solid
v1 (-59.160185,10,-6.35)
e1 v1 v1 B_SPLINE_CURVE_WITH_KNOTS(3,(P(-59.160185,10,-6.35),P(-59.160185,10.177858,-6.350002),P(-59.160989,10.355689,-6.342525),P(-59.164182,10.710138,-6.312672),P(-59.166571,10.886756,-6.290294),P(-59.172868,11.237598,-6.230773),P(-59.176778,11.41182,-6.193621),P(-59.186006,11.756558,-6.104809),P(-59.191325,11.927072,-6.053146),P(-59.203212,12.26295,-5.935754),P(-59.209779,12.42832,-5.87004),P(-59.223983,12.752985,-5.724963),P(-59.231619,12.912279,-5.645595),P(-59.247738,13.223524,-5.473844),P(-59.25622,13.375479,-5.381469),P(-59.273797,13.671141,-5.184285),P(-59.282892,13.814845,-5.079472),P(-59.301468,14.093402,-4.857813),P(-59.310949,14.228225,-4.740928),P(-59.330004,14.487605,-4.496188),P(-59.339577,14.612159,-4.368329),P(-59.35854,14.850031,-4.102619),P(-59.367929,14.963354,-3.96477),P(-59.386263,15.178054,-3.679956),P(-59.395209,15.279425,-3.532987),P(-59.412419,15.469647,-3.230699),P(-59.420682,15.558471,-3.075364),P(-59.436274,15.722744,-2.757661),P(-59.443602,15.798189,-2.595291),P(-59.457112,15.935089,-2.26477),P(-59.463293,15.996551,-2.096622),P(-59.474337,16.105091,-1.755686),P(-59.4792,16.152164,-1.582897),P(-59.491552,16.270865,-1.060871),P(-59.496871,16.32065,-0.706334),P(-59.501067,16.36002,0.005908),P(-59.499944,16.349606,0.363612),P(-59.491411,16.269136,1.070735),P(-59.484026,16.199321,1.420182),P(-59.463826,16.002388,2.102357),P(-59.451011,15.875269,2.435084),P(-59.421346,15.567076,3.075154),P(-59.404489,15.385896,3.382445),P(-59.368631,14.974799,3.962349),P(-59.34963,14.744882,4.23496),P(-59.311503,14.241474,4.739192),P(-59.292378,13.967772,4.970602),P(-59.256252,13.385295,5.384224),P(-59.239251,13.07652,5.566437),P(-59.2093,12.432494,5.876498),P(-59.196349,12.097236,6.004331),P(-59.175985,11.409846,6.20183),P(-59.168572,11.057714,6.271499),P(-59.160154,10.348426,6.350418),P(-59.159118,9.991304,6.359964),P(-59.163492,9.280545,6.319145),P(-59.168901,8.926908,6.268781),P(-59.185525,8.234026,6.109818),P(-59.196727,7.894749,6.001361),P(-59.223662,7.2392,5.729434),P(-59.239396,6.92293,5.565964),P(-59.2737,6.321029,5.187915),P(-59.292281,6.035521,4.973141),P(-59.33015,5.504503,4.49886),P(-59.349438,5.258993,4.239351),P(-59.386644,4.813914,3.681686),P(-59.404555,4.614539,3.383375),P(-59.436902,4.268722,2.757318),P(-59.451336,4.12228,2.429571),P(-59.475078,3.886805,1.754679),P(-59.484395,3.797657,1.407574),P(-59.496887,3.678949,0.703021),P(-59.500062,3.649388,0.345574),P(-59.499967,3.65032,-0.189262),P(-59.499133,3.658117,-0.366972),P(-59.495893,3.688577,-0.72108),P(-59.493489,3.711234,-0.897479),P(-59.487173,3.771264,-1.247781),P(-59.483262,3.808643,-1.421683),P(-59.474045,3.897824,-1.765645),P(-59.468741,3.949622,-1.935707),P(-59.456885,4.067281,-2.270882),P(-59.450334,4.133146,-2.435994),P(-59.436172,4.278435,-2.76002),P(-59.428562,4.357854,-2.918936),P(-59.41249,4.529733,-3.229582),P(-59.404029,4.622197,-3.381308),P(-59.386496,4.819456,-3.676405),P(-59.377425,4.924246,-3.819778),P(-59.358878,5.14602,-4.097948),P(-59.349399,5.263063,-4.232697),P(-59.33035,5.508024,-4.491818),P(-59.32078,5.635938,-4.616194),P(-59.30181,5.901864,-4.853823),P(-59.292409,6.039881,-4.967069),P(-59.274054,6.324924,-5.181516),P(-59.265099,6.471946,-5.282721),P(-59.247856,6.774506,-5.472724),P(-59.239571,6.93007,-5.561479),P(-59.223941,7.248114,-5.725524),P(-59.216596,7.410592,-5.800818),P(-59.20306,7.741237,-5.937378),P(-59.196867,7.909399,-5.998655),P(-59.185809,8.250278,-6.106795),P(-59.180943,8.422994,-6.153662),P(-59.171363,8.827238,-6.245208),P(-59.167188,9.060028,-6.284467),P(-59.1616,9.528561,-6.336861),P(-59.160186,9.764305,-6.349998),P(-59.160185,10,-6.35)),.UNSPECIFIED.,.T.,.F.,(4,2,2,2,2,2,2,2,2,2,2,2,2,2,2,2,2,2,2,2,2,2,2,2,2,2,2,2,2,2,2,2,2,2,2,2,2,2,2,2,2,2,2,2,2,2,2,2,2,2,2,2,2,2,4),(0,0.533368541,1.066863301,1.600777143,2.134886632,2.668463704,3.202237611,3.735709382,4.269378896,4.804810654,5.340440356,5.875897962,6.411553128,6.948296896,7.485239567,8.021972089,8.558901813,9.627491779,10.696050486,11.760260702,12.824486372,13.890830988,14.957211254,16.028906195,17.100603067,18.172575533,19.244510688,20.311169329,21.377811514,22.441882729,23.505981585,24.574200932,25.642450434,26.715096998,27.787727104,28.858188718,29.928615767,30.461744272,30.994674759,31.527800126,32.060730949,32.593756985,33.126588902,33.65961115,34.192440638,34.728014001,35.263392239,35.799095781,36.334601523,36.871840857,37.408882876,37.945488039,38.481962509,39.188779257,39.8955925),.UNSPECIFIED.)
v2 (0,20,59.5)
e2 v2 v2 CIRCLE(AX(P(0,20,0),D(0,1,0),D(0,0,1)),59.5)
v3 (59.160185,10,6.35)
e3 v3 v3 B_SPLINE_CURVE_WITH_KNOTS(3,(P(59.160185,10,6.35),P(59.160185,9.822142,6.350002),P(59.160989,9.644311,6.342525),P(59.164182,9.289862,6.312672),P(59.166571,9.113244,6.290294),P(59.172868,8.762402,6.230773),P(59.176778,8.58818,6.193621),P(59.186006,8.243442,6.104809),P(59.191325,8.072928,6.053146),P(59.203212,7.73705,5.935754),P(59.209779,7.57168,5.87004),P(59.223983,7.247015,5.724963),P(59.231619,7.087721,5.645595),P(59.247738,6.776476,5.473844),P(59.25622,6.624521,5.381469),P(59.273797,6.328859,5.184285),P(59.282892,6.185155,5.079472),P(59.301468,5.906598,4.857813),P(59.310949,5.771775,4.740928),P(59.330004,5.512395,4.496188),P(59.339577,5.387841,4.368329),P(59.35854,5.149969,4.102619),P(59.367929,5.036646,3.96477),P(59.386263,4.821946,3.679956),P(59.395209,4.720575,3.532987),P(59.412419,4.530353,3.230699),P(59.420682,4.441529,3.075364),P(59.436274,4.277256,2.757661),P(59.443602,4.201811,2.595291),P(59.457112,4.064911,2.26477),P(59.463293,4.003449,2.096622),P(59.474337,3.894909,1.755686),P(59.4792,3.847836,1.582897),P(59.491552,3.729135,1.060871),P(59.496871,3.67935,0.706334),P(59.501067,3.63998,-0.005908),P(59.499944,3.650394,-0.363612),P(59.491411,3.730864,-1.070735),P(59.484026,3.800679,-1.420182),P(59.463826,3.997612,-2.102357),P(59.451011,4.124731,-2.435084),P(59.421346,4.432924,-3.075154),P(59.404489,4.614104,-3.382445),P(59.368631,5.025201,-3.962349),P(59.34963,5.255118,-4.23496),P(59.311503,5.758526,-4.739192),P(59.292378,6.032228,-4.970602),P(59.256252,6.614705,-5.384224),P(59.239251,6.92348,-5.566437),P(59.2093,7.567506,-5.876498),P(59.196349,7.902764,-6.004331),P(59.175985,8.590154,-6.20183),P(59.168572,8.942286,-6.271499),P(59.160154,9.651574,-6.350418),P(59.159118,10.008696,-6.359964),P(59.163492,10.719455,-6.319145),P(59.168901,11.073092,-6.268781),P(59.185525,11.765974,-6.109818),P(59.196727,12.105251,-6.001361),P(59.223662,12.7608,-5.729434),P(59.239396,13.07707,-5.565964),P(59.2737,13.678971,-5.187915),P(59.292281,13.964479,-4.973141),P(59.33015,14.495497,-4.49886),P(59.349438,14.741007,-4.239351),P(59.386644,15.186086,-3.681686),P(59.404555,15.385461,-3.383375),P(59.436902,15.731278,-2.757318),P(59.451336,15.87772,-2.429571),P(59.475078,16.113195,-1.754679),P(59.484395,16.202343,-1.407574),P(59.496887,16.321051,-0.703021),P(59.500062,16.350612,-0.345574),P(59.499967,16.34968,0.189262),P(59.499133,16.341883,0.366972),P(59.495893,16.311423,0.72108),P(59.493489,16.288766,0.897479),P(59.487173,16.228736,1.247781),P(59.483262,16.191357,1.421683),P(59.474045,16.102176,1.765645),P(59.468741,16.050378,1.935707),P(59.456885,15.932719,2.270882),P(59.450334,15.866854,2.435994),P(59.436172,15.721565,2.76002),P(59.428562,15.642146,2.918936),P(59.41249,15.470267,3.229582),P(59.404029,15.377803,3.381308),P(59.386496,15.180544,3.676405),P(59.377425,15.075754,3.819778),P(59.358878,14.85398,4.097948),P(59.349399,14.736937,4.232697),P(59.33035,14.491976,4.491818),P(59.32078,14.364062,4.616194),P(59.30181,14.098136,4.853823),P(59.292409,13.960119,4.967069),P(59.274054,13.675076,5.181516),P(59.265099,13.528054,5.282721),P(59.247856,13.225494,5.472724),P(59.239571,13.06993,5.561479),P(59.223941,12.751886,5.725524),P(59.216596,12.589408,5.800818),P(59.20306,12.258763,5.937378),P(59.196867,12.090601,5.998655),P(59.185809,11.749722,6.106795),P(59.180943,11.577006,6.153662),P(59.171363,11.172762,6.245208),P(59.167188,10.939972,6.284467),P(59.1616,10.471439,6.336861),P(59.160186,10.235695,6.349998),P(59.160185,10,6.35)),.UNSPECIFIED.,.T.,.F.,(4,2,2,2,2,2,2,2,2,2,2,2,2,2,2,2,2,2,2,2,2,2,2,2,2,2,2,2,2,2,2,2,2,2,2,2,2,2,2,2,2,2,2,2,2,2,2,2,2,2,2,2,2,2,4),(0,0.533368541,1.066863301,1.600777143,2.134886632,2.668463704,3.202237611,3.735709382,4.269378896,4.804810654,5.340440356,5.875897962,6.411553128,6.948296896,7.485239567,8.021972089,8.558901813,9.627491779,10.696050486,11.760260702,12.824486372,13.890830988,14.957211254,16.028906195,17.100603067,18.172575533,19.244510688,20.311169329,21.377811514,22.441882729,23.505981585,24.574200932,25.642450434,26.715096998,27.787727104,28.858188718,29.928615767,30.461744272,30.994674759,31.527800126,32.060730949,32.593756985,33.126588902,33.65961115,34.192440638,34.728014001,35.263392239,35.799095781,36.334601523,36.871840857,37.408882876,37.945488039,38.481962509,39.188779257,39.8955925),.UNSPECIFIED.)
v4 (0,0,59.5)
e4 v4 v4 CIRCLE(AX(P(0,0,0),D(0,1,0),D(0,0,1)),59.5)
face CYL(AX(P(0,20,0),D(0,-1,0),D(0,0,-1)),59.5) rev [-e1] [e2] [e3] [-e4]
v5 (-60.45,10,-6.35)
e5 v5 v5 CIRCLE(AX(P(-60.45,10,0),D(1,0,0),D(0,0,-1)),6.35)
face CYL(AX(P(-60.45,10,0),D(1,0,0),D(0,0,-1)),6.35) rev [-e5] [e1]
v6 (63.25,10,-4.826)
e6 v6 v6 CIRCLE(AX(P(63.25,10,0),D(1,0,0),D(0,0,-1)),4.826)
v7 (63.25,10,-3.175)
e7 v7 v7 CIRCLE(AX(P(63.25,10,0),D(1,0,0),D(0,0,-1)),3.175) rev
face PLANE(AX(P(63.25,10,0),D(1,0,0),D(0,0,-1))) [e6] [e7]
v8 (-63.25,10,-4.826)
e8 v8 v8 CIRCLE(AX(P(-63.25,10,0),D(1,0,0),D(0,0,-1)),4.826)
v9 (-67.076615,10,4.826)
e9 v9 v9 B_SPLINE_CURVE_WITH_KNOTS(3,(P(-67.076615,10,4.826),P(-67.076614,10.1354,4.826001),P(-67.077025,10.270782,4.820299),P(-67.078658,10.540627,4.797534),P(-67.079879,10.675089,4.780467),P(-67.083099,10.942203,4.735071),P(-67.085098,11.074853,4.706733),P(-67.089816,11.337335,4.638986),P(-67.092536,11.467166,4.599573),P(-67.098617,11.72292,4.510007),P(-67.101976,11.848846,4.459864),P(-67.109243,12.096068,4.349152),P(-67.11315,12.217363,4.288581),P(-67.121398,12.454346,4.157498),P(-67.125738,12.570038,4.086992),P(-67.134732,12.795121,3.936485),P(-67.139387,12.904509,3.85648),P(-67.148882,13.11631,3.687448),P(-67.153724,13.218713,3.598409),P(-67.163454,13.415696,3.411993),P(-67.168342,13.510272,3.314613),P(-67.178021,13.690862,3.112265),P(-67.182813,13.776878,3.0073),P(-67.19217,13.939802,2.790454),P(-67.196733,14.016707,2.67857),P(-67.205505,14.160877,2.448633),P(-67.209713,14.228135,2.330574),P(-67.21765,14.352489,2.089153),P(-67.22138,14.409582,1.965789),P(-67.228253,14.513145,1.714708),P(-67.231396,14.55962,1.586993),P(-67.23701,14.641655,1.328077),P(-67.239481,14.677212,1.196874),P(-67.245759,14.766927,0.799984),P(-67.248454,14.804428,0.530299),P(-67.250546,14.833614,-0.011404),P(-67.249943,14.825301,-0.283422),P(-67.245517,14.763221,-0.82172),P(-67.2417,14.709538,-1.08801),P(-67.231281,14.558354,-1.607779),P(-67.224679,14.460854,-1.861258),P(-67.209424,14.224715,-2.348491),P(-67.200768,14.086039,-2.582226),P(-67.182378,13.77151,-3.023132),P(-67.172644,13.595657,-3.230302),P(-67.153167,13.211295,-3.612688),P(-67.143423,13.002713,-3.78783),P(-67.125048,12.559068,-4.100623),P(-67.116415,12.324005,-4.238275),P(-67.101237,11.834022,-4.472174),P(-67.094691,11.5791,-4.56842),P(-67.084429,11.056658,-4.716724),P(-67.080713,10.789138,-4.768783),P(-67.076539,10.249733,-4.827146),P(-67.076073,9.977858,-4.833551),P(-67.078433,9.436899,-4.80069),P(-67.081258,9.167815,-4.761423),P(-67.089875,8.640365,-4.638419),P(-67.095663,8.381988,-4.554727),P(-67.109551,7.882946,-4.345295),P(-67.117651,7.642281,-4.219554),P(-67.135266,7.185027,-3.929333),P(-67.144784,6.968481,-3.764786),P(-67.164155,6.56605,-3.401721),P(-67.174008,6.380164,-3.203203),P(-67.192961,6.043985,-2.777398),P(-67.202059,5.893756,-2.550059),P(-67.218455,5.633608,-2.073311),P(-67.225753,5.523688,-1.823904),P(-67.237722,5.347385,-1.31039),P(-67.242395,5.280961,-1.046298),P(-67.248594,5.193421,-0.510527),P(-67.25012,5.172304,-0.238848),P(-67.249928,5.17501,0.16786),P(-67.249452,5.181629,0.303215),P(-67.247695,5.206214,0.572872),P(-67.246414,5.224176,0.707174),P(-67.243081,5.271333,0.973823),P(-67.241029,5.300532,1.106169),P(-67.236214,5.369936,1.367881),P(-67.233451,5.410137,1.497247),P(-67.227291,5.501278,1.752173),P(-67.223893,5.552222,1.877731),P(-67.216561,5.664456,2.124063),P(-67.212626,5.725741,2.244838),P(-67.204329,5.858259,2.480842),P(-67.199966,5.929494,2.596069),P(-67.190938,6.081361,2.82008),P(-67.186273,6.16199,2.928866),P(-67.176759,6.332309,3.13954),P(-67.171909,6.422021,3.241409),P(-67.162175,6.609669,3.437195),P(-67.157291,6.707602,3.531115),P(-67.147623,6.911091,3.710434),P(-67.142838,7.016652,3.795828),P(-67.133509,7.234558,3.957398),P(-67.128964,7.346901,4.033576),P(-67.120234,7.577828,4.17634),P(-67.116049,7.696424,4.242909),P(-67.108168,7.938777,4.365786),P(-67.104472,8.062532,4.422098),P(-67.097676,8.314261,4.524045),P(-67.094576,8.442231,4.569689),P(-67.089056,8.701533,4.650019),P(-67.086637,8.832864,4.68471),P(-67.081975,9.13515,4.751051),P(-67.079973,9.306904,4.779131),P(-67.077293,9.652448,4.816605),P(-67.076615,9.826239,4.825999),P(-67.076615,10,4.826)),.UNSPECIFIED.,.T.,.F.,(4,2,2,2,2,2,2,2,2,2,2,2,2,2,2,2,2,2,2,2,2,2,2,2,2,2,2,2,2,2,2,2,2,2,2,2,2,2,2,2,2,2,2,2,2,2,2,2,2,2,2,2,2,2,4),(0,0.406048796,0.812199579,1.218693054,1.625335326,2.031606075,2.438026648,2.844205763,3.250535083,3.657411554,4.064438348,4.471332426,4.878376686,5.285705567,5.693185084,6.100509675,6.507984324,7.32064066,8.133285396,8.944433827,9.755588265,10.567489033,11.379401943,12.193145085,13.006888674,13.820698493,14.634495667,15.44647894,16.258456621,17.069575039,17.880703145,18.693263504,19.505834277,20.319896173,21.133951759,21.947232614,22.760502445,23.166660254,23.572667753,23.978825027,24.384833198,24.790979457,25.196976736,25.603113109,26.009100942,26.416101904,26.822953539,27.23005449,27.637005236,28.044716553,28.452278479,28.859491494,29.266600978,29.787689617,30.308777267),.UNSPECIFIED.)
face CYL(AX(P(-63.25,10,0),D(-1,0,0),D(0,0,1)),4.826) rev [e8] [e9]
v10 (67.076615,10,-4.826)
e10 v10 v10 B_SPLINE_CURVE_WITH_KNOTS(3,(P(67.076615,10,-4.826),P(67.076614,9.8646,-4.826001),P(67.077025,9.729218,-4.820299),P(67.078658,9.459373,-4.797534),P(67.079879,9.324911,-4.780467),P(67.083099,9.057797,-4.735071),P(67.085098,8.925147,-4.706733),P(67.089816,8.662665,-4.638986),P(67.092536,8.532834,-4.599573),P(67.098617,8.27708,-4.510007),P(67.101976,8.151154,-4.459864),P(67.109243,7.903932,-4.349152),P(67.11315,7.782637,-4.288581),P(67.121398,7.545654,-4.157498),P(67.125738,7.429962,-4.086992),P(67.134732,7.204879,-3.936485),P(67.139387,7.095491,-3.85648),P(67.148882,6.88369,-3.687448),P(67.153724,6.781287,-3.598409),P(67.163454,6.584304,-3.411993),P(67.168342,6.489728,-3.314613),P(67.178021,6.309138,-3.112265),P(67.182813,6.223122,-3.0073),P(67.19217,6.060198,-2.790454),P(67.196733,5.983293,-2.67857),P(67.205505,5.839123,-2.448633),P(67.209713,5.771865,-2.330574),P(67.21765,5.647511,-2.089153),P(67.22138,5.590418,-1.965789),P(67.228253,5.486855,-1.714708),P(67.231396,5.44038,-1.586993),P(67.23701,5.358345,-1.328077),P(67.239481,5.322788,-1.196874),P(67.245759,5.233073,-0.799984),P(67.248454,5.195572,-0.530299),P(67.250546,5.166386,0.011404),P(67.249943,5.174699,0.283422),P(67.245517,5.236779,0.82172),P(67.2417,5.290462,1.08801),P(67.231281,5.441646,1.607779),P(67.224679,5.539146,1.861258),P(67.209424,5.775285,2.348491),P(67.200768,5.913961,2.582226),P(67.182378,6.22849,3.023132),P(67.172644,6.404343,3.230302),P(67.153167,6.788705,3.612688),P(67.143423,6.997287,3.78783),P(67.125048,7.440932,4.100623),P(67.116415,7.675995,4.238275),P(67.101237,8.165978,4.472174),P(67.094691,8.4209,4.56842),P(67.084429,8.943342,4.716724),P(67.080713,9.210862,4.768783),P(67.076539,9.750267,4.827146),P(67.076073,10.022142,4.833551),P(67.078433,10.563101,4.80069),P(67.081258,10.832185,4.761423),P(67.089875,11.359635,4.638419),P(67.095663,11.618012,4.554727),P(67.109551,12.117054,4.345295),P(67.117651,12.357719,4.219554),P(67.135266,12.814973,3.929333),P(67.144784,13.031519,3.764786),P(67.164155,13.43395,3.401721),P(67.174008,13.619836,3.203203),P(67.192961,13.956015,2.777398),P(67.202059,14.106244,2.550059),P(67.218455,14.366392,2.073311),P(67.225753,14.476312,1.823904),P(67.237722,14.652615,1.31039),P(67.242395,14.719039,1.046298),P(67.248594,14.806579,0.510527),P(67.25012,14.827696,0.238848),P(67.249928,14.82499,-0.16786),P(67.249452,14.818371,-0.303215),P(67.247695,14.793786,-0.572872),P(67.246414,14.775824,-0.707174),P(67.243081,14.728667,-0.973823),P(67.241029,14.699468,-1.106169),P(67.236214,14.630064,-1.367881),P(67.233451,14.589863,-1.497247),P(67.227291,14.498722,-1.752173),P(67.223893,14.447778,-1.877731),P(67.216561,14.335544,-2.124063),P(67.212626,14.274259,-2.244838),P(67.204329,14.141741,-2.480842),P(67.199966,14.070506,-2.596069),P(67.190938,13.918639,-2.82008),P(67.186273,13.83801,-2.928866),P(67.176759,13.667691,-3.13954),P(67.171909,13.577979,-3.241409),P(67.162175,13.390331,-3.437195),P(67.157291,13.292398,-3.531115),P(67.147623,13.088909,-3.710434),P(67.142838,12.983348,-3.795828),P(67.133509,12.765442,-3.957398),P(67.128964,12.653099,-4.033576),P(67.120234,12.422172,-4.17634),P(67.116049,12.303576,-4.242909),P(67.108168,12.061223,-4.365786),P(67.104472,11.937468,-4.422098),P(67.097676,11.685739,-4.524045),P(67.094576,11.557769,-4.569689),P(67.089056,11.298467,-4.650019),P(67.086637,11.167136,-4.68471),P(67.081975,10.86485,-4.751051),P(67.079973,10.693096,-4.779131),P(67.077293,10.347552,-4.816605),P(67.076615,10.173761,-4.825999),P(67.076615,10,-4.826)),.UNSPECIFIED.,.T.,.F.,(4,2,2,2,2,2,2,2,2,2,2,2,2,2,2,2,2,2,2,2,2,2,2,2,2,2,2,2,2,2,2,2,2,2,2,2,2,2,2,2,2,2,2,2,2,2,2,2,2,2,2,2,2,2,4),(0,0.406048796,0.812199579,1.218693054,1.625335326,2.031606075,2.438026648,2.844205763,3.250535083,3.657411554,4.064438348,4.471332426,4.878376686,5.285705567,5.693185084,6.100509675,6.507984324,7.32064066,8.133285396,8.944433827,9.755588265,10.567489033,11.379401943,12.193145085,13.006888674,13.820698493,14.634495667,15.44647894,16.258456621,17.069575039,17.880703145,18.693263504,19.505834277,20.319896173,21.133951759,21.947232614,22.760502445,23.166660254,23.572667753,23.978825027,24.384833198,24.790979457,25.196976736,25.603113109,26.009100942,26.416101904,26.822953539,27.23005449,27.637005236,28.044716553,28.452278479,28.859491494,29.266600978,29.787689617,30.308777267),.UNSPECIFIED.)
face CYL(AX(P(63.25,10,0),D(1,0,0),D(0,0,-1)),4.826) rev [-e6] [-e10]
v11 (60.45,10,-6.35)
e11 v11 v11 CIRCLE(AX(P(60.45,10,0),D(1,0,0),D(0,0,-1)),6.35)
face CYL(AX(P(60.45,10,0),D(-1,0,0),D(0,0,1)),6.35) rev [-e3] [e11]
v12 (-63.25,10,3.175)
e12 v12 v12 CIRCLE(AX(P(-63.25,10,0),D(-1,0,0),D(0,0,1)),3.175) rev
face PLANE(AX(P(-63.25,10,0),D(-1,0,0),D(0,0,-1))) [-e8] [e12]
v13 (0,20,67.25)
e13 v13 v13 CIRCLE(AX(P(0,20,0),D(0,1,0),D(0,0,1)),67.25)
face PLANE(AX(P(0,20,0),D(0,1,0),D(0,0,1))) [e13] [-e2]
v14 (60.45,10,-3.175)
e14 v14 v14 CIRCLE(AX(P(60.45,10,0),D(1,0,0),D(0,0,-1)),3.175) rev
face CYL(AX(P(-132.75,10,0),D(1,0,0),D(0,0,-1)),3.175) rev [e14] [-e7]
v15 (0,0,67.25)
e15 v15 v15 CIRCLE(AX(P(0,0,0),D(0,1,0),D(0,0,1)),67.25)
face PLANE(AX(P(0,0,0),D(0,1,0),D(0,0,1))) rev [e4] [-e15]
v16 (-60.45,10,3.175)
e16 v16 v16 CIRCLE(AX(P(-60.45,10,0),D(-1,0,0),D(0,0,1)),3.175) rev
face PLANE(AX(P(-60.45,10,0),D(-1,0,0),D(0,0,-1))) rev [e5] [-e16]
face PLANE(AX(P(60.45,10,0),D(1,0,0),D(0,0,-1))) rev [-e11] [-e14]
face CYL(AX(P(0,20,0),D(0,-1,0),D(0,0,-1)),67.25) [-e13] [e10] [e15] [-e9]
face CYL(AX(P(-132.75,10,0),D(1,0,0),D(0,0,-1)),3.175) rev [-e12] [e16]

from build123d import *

# Parameters (mm, degrees)
SKETCH1_R           = 67.25
SKETCH1_R_2         = 59.5
BOSS_EXTRUDE1_DEPTH = 20
SKETCH4_R           = 3.175
CUT_EXTRUDE2_DEPTH  = 200
SKETCH5_R           = 4.826
CUT_EXTRUDE3_DEPTH  = 4
SKETCH6_R           = 6.35
CUT_EXTRUDE4_DEPTH  = 1


with BuildPart() as part:
    # Sketch1 → Boss-Extrude1 (new body)
    with BuildSketch(Plane(origin=(0, 0, 0), x_dir=(1, 0, 0), z_dir=(0, 1, 0))):
        Circle(SKETCH1_R)
        Circle(SKETCH1_R_2, mode=Mode.SUBTRACT)
    extrude(amount=BOSS_EXTRUDE1_DEPTH)

    # Sketch4 → Cut-Extrude2 (cut)
    with BuildSketch(Plane(origin=(67.25, 0, 0), x_dir=(0, 0, -1), z_dir=(1, 0, 0))):
        with Locations((0, 10)):
            Circle(SKETCH4_R)
    extrude(amount=-CUT_EXTRUDE2_DEPTH, mode=Mode.SUBTRACT)

    # Sketch5 → Cut-Extrude3 (cut)
    with BuildSketch(Plane(origin=(67.25, 0, 0), x_dir=(0, 0, -1), z_dir=(1, 0, 0))):
        with Locations((0, 10)):
            Circle(SKETCH5_R)
    cut_extrude3 = extrude(amount=-CUT_EXTRUDE3_DEPTH, mode=Mode.SUBTRACT)

    # Mirror1: Cut-Extrude3 across plane
    add(cut_extrude3.mirror(Plane(origin=(0, 0, 0), x_dir=(0, 0, 1), z_dir=(1, 0, 0))), mode=Mode.SUBTRACT)

    # Sketch6 → Cut-Extrude4 (cut, symmetric)
    with BuildSketch(Plane(origin=(59.45, 0, 0), x_dir=(0, 0, -1), z_dir=(1, 0, 0))):
        with Locations((0, 10)):
            Circle(SKETCH6_R)
    cut_extrude4 = extrude(amount=CUT_EXTRUDE4_DEPTH, both=True, mode=Mode.SUBTRACT)

    # Mirror2: Cut-Extrude4 across plane
    add(cut_extrude4.mirror(Plane(origin=(0, 0, 0), x_dir=(0, 0, 1), z_dir=(1, 0, 0))), mode=Mode.SUBTRACT)


solid = part.part
